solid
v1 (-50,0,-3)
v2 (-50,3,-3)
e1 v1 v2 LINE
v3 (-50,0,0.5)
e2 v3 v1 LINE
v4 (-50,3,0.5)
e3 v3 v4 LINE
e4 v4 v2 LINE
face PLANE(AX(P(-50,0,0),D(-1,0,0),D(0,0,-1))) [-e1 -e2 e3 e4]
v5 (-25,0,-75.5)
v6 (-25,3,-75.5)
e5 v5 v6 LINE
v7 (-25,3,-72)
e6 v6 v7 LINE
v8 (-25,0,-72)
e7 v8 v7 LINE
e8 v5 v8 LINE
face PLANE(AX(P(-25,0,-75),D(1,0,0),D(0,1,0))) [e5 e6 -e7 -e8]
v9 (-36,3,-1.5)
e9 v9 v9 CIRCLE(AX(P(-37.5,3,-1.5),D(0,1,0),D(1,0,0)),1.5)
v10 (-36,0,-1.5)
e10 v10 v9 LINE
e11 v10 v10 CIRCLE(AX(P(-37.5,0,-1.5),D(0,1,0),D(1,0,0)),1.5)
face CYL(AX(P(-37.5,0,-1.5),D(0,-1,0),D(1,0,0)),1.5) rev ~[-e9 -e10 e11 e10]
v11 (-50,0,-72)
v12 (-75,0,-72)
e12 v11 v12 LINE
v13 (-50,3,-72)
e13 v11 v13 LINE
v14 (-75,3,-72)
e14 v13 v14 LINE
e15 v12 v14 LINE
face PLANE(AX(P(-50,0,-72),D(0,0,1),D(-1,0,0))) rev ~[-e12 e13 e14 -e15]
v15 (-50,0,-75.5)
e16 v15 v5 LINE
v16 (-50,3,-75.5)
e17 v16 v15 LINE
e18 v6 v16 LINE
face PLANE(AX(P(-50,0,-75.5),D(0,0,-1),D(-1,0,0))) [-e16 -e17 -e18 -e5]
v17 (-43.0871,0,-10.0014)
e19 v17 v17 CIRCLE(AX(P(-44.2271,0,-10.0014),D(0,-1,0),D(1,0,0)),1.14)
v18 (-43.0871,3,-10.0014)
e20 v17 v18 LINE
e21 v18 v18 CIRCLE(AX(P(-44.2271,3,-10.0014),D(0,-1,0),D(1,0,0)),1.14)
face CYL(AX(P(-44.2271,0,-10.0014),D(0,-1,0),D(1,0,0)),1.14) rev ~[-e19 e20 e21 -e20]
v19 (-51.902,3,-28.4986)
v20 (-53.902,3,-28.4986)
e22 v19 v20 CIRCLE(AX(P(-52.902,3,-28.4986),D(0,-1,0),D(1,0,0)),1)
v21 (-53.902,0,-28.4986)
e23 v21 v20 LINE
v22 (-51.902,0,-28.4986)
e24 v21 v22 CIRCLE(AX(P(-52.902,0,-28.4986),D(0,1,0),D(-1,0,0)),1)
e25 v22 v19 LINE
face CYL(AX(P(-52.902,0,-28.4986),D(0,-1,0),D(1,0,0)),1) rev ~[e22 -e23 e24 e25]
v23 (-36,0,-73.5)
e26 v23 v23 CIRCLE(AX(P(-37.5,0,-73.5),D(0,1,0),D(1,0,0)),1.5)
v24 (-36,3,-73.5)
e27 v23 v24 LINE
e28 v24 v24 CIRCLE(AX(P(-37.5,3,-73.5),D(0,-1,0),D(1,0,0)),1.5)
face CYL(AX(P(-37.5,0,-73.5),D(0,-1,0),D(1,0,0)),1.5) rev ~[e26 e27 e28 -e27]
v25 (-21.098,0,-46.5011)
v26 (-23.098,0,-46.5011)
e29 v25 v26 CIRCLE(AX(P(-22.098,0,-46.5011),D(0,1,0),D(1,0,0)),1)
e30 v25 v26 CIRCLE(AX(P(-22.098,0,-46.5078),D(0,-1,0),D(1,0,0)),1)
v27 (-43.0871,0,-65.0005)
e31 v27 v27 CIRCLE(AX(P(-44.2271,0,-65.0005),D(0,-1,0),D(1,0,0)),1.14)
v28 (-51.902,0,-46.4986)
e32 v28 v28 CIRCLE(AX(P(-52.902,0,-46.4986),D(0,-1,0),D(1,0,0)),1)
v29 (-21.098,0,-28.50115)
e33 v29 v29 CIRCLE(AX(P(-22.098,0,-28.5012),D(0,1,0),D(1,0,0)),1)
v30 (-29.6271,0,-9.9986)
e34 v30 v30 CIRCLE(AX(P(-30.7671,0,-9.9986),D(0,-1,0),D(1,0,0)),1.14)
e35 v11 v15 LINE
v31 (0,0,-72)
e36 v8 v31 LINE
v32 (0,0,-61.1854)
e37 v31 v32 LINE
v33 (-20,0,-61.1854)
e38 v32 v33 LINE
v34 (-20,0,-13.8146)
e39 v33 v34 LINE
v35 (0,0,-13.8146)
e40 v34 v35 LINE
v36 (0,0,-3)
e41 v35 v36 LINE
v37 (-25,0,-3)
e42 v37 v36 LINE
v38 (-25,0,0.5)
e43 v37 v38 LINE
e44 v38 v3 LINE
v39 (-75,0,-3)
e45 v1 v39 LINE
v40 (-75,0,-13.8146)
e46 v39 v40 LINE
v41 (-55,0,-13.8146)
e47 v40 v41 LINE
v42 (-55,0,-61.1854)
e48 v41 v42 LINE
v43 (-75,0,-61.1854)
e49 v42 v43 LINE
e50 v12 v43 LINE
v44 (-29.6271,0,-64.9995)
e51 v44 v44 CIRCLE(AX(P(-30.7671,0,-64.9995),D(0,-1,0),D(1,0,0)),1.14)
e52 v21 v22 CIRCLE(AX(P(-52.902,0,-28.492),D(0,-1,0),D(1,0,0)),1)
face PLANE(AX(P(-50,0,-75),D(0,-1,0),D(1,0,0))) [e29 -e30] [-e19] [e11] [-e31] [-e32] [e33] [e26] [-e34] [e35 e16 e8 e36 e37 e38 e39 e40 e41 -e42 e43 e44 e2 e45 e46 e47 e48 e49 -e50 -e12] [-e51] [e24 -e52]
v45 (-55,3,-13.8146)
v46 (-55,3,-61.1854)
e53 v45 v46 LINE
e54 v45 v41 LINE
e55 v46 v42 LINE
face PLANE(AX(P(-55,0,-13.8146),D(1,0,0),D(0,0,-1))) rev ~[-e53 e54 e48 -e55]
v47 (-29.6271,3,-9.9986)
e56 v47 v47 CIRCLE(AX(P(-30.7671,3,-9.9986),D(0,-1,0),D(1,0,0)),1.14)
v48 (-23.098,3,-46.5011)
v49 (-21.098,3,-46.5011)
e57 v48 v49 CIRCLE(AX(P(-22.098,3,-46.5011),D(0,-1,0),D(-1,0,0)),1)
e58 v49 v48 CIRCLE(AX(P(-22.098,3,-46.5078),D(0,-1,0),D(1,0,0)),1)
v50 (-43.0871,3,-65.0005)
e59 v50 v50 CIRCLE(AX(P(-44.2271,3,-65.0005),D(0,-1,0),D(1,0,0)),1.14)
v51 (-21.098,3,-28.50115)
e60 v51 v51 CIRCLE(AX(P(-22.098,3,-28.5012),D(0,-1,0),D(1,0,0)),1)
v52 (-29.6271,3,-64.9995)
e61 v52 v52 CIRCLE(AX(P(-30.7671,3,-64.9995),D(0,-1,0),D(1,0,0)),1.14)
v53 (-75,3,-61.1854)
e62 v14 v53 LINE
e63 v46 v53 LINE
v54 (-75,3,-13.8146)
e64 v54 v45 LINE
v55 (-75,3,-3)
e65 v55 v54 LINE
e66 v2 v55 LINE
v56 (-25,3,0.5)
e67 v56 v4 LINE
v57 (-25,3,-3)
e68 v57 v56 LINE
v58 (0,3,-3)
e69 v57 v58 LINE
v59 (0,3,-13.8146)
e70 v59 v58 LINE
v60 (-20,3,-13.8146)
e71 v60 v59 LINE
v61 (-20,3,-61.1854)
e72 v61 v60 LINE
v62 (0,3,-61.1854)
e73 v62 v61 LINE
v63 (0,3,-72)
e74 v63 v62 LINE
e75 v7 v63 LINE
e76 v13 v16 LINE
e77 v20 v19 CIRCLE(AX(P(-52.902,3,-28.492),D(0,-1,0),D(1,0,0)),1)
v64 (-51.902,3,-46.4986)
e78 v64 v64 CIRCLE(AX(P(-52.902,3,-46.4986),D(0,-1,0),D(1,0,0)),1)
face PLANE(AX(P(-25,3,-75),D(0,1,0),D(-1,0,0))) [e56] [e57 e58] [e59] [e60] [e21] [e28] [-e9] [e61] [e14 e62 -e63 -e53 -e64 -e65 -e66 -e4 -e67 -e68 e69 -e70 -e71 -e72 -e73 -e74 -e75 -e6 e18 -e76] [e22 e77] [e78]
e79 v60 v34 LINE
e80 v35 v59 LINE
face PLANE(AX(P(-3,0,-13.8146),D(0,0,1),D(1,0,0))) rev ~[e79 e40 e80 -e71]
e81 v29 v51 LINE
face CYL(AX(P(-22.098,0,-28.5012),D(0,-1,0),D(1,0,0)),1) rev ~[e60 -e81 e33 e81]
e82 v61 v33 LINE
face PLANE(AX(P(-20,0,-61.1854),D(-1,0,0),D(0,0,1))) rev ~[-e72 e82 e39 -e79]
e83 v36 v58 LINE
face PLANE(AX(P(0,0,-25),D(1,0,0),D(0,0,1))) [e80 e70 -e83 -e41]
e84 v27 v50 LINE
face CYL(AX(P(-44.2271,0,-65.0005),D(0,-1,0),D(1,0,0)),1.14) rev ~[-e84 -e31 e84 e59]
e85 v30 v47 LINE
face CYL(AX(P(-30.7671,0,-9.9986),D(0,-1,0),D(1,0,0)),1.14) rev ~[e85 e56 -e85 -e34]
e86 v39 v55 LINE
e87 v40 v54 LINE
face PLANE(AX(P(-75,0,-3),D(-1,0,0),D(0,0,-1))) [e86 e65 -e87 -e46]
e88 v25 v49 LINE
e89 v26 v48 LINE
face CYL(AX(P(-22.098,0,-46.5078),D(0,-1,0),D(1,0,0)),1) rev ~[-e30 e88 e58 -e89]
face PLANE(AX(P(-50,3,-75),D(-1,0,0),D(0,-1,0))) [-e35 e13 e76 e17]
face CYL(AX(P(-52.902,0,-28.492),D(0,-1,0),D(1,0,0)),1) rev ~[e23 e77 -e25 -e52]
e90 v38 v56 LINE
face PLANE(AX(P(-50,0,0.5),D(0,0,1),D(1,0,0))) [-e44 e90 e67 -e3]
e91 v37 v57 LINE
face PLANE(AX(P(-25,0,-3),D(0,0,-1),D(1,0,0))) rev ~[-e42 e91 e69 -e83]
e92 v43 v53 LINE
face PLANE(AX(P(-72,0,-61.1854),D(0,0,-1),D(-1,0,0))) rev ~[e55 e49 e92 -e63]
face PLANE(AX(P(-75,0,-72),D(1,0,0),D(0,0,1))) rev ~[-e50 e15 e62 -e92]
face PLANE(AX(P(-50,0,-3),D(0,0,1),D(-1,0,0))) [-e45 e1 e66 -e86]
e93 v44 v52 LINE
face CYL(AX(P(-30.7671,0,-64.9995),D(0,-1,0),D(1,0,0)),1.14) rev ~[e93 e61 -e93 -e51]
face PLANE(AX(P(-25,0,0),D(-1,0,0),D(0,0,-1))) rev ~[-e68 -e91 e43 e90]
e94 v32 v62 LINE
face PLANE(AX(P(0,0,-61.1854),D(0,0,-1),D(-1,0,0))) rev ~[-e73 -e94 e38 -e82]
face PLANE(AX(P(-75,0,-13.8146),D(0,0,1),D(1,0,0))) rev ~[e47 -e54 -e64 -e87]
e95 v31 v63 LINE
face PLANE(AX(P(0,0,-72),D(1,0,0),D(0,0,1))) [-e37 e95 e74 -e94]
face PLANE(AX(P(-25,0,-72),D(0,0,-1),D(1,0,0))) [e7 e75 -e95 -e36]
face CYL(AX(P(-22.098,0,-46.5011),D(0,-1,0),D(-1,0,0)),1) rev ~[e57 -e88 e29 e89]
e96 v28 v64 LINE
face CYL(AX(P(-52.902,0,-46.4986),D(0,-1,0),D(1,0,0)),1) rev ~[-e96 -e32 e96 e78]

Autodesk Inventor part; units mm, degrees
ref_plane "YZ Plane" through (0, 0, 0) normal (1, 0, 0) x (0, 1, 0)
ref_plane "XZ Plane" through (0, 0, 0) normal (0, 1, 0) x (-1, 0, 0)
ref_plane "XY Plane" through (0, 0, 0) normal (0, 0, 1) x (1, 0, 0)
sketch "Sketch1" plane through (0, 0, 0) normal (0, 1, 0) x (-1, 0, 0)
  line L0 (25, 0) -> (50, 0)
  line L1 (50, -75) -> (25, -75)
  line L2 (75, 0) -> (75, -25)
  line L3 (75, -25) -> (72, -25)
  line L4 (75, -75) -> (75, -50)
  line L5 (75, -50) -> (72, -50)
  line L6 (72, -50) -> (72, -25)
  line L7 (0, -25) -> (3, -25)
  line L8 (3, -25) -> (3, -50)
  line L9 (3, -50) -> (0, -50)
  line L10 (0, -75) -> (3, -75)
  line L11 (25, -75) -> (25, -72)
  line L12 (25, -72) -> (0, -72)
  line L13 (75, -75) -> (72, -75)
  line L14 (50, -75) -> (50, -72)
  line L15 (50, -72) -> (75, -72)
  line L16 (50, 0) -> (50, -3)
  line L17 (50, -3) -> (75, -3)
  line L18 (25, 0) -> (25, -3)
  line L19 (25, -3) -> (0, -3)
  line L20 (75, 0) -> (75, -25)
  line L21 (75, -50) -> (75, -75)
  line L22 (0, -75) -> (0, -50)
  line L23 (0, -25) -> (0, 0)
  dimension "d0" = 75
  dimension "d1" = 75
  dimension "d2" = 25
  dimension "d3" = 3
  dimension "d4" = 25
  dimension "d5" = 3
  dimension "d6" = 25
  dimension "d7" = 3
  dimension "d8" = 25
  dimension "d9" = 3
  dimension "d10" = 3
extrude "Extrusion1" add sketch "Sketch1" along normal blind 3
sketch "Sketch3" plane through (0, 0, 0) normal (0, -1, 0) x (1, 0, 0)
  line L0 (-3, -13.8146) -> (0, -13.8146) projected
  line L1 (0, -61.1854) -> (-3, -61.1854) projected
  line L2 (-72, -61.1854) -> (-75, -61.1854) projected
  line L3 (-75, -13.8146) -> (-72, -13.8146) projected
  line L4 (0, -61.1854) -> (-20, -61.1854)
  line L5 (-20, -61.1854) -> (-20, -13.8146)
  line L6 (0, -13.8146) -> (-20, -13.8146)
  line L7 (-75, -13.8146) -> (-55, -13.8146)
  line L8 (-55, -13.8146) -> (-55, -61.1854)
  line L9 (-75, -61.1854) -> (-55, -61.1854)
  line L10 (-75, -61.1854) -> (-75, -13.8146)
  line L11 (0, -13.8146) -> (0, -61.1854)
  line L12 (0, -50) -> (0, -72) projected
  point P0 (0, 0)
  dimension "d13" = 20
  dimension "d14" = 20
extrude "Extrusion2" cut sketch "Sketch3" along normal mid plane 25.4
sketch "Sketch4" plane through (0, 0, 0) normal (0, -1, 0) x (1, 0, 0)
  circle A0 centre (-30.7671, -9.9986) radius 1.14 projected
  circle A1 centre (-44.2271, -10.0014) radius 1.14 projected
  arc A2 (-31.5, -28.5) -> (-33.5, -28.5) centre (-32.5, -28.5) ccw projected
  circle A3 centre (-30.7671, -64.9995) radius 1.14 projected
  circle A4 centre (-44.2271, -65.0005) radius 1.14 projected
  arc A5 (-41.5, -28.5) -> (-43.5, -28.5) centre (-42.5, -28.5) ccw projected
  circle A6 centre (-42.5, -28.5) radius 1
  circle A7 centre (-32.5, -28.5) radius 1
  circle A8 centre (-30.7671, -64.9995) radius 1.14
  circle A9 centre (-44.2271, -65.0005) radius 1.14
  circle A10 centre (-44.2271, -10.0014) radius 1.14
  circle A11 centre (-30.7671, -9.9986) radius 1.14
  arc A12 (-33.5, -46.5) -> (-31.5, -46.5) centre (-32.5, -46.5) ccw projected
  arc A13 (-43.5, -46.5) -> (-41.5, -46.5) centre (-42.5, -46.5) ccw projected
  circle A14 centre (-32.5, -46.5) radius 1
  circle A15 centre (-42.5, -46.5) radius 1
  point P0 (0, 0)
extrude "Extrusion3" cut sketch "Sketch4" against normal blind 3 contours A0 | A1 | A3 | A4
sketch "Sketch5" plane through (0, 0, 0) normal (0, -1, 0) x (1, 0, 0)
  line L0 (-17.5, -6) -> (-17.5, -17) projected
  line L1 (-17.5, -17) -> (-29.5, -17) projected
  line L2 (-47, -17) -> (-56, -17) projected
  line L3 (-56, -6) -> (-56, -17) projected
  line L4 (-17.5, -17) -> (-29.5, -17)
  line L5 (-29.5, -17) -> (-29.5, -6)
  line L6 (-29.5, -6) -> (-17.5, -6)
  line L7 (-17.5, -6) -> (-17.5, -17)
  line L8 (-56, -17) -> (-47, -17)
  line L9 (-47, -17) -> (-47, -6)
  line L10 (-47, -6) -> (-56, -6)
  line L11 (-56, -6) -> (-56, -17)
  arc A0 (-23.098, -46.5011) -> (-21.098, -46.5011) centre (-22.098, -46.5011) ccw projected
  circle A1 centre (-22.098, -28.5012) radius 1 projected
  arc A2 (-21.098, -28.5011) -> (-23.098, -28.5011) centre (-22.098, -28.5011) ccw projected
  arc A3 (-23.098, -46.5011) -> (-21.098, -46.5011) centre (-22.098, -46.5011) ccw projected
  circle A4 centre (-22.098, -46.5078) radius 1 projected
  line L12 (-72, -25) -> (-72, -3) projected
  line L13 (-25, -3) -> (-3, -3) projected
  line L14 (-50, -72) -> (-72, -72) projected
  circle A5 centre (-52.902, -46.4986) radius 1 projected
  arc A6 (-51.902, -28.4986) -> (-53.902, -28.4986) centre (-52.902, -28.4986) ccw projected
  circle A7 centre (-52.902, -28.492) radius 1 projected
  circle A8 centre (-37.5, -1.5) radius 1.5 projected
  circle A9 centre (-1.5, -37.5) radius 1.5 projected
  circle A10 centre (-37.5, -73.5) radius 1.5 projected
  circle A11 centre (-73.5, -36) radius 1.5 projected
  circle A12 centre (-73.5, -36) radius 1.5 projected
  circle A13 centre (-73.5, -36) radius 1.5 projected
  circle A14 centre (-37.5, -1.5) radius 1.5 projected
  circle A15 centre (-37.5, -73.5) radius 1.5 projected
  circle A16 centre (-37.5, -73.5) radius 1.5 projected
  line L15 (-72, -50) -> (-75, -50) projected
  circle A17 centre (-37.5, -73.5) radius 1.5 projected
  circle A18 centre (-37.5, -73.5) radius 1.5 projected
  circle A19 centre (-37.5, -73.5) radius 1.5 projected
  circle A20 centre (-37.5, -73.5) radius 1.5 projected
  circle A21 centre (-37.5, -73.5) radius 1.5 projected
  circle A22 centre (-37.5, -73.5) radius 1.5 projected
  circle A23 centre (-37.5, -73.5) radius 1.5 projected
  circle A24 centre (-37.5, -73.5) radius 1.5 projected
  circle A25 centre (-37.5, -73.5) radius 1.5 projected
  circle A26 centre (-37.5, -73.5) radius 1.5 projected
  circle A27 centre (-37.5, -73.5) radius 1.5 projected
  circle A28 centre (-37.5, -73.5) radius 1.5 projected
  circle A29 centre (-37.5, -1.5) radius 1.5 projected
  circle A30 centre (-37.5, -73.5) radius 1.5 projected
  circle A31 centre (-37.5, -73.5) radius 1.5 projected
  circle A32 centre (-36.0014, -62.75) radius 1.5 projected
  line L16 (-50, -72) -> (-50, -75.5) projected
  line L17 (-72, -72) -> (-72, -50) projected
  line L18 (-75, -50) -> (-75, -25) projected
  line L19 (-75, -25) -> (-72, -25) projected
  line L20 (-72, -3) -> (-50, -3) projected
  line L21 (-50, -3) -> (-50, 0.5) projected
  line L22 (-25, 0.5) -> (-50, 0.5) projected
  line L23 (-25, -3) -> (-25, 0.5) projected
  line L24 (-3, -3) -> (-3, -25) projected
  line L25 (-3, -25) -> (0, -25) projected
  line L26 (0, -25) -> (0, -50) projected
  line L27 (0, -50) -> (-3, -50) projected
  line L28 (-3, -50) -> (-3, -72) projected
  line L29 (-3, -72) -> (-25, -72) projected
  line L30 (-25, -72) -> (-25, -75.5) projected
  line L31 (-50, -75.5) -> (-25, -75.5) projected
  point P0 (0, 0)
  point P1 (-37.5, -1.5)
  point P2 (-37.5, 0)
extrude "Extrusion4" cut sketch "Sketch5" against normal blind 25.4 contours A4 A0 | A0 A4 | A1 | A5 | A7 A6 | A6 A7
sketch "Sketch6" plane through (0, 0, 0) normal (0, -1, 0) x (1, 0, 0)
  circle A0 centre (-52.902, -46.4986) radius 1 projected
  arc A1 (-21.098, -28.5011) -> (-23.098, -28.5011) centre (-22.098, -28.5011) ccw projected
  arc A2 (-23.098, -28.5011) -> (-21.098, -28.5011) centre (-22.098, -28.5012) ccw projected
  circle A3 centre (-22.098, -46.5078) radius 1 projected
  circle A4 centre (-52.902, -28.492) radius 1 projected
  circle A5 centre (-30.7671, -64.9995) radius 1.14 projected
  circle A6 centre (-30.7671, -9.9986) radius 1.14 projected
  circle A7 centre (-44.2271, -10.0014) radius 1.14 projected
  circle A8 centre (-44.2271, -65.0005) radius 1.14 projected
  line L0 (0, -61.1854) -> (-20, -61.1854) projected
  line L1 (-20, -61.1854) -> (-20, -13.8146) projected
  line L2 (-20, -13.8146) -> (0, -13.8146) projected
  line L3 (0, -3) -> (0, -13.8146) projected
  line L4 (-25, -3) -> (0, -3) projected
  line L5 (-25, 0) -> (-25, -3) projected
  line L6 (-50, 0) -> (-25, 0) projected
  line L7 (-50, -3) -> (-50, 0) projected
  line L8 (-75, -3) -> (-50, -3) projected
  line L9 (-75, -13.8146) -> (-75, -3) projected
  line L10 (-75, -13.8146) -> (-55, -13.8146) projected
  line L11 (-55, -13.8146) -> (-55, -61.1854) projected
  line L12 (-55, -61.1854) -> (-75, -61.1854) projected
  line L13 (-75, -72) -> (-75, -61.1854) projected
  line L14 (-50, -72) -> (-75, -72) projected
  line L15 (-50, -75) -> (-50, -72) projected
  line L16 (-25, -75) -> (-50, -75) projected
  line L17 (-25, -72) -> (-25, -75) projected
  line L18 (0, -72) -> (-25, -72) projected
  line L19 (0, -61.1854) -> (0, -72) projected
  circle A9 centre (-37.5, -73.5) radius 1.5
  circle A10 centre (-37.5, -1.5) radius 1.5
  point P0 (0, 0)
  dimension "d21" = 3
  dimension "d25" = 3
extrude "Extrusion5" cut sketch "Sketch6" against normal blind 25.4 contours A10 | A9
sketch "Sketch7" plane through (-50, 0, 0) normal (0, 0, 1) x (1, 0, 0)
  line L0 (12.5, 0) -> (12.5, 3) projected
  line L1 (12.5, 0) -> (25, 0) projected
  line L2 (25, 0) -> (25, 3) projected
  line L3 (12.5, 3) -> (25, 3) projected
  line L4 (0, 3) -> (12.5, 3) projected
  line L5 (0, 0) -> (0, 3) projected
  line L6 (0, 0) -> (12.5, 0) projected
  line L7 (12.5, 0) -> (12.5, 3) projected
  line L8 (0, 3) -> (12.5, 3) projected
  line L9 (0, 0) -> (0, 3) projected
  line L10 (0, 0) -> (12.5, 0) projected
  line L11 (12.5, 0) -> (25, 0) projected
  line L12 (25, 0) -> (25, 3) projected
  line L13 (12.5, 3) -> (25, 3) projected
  point P0 (50, 0)
extrude "Extrusion6" add sketch "Sketch7" along normal blind 0.5
sketch "Sketch8" plane through (-50, 0, -75) normal (0, 0, -1) x (-1, 0, 0)
  line L0 (0, 0) -> (-25, 0) projected
  line L1 (-25, 0) -> (-25, 3) projected
  line L2 (-25, 3) -> (0, 3) projected
  line L3 (0, 3) -> (0, 0) projected
  point P0 (-50, 0)
extrude "Extrusion7" add sketch "Sketch8" along normal blind 0.5
properties part number "Base"
